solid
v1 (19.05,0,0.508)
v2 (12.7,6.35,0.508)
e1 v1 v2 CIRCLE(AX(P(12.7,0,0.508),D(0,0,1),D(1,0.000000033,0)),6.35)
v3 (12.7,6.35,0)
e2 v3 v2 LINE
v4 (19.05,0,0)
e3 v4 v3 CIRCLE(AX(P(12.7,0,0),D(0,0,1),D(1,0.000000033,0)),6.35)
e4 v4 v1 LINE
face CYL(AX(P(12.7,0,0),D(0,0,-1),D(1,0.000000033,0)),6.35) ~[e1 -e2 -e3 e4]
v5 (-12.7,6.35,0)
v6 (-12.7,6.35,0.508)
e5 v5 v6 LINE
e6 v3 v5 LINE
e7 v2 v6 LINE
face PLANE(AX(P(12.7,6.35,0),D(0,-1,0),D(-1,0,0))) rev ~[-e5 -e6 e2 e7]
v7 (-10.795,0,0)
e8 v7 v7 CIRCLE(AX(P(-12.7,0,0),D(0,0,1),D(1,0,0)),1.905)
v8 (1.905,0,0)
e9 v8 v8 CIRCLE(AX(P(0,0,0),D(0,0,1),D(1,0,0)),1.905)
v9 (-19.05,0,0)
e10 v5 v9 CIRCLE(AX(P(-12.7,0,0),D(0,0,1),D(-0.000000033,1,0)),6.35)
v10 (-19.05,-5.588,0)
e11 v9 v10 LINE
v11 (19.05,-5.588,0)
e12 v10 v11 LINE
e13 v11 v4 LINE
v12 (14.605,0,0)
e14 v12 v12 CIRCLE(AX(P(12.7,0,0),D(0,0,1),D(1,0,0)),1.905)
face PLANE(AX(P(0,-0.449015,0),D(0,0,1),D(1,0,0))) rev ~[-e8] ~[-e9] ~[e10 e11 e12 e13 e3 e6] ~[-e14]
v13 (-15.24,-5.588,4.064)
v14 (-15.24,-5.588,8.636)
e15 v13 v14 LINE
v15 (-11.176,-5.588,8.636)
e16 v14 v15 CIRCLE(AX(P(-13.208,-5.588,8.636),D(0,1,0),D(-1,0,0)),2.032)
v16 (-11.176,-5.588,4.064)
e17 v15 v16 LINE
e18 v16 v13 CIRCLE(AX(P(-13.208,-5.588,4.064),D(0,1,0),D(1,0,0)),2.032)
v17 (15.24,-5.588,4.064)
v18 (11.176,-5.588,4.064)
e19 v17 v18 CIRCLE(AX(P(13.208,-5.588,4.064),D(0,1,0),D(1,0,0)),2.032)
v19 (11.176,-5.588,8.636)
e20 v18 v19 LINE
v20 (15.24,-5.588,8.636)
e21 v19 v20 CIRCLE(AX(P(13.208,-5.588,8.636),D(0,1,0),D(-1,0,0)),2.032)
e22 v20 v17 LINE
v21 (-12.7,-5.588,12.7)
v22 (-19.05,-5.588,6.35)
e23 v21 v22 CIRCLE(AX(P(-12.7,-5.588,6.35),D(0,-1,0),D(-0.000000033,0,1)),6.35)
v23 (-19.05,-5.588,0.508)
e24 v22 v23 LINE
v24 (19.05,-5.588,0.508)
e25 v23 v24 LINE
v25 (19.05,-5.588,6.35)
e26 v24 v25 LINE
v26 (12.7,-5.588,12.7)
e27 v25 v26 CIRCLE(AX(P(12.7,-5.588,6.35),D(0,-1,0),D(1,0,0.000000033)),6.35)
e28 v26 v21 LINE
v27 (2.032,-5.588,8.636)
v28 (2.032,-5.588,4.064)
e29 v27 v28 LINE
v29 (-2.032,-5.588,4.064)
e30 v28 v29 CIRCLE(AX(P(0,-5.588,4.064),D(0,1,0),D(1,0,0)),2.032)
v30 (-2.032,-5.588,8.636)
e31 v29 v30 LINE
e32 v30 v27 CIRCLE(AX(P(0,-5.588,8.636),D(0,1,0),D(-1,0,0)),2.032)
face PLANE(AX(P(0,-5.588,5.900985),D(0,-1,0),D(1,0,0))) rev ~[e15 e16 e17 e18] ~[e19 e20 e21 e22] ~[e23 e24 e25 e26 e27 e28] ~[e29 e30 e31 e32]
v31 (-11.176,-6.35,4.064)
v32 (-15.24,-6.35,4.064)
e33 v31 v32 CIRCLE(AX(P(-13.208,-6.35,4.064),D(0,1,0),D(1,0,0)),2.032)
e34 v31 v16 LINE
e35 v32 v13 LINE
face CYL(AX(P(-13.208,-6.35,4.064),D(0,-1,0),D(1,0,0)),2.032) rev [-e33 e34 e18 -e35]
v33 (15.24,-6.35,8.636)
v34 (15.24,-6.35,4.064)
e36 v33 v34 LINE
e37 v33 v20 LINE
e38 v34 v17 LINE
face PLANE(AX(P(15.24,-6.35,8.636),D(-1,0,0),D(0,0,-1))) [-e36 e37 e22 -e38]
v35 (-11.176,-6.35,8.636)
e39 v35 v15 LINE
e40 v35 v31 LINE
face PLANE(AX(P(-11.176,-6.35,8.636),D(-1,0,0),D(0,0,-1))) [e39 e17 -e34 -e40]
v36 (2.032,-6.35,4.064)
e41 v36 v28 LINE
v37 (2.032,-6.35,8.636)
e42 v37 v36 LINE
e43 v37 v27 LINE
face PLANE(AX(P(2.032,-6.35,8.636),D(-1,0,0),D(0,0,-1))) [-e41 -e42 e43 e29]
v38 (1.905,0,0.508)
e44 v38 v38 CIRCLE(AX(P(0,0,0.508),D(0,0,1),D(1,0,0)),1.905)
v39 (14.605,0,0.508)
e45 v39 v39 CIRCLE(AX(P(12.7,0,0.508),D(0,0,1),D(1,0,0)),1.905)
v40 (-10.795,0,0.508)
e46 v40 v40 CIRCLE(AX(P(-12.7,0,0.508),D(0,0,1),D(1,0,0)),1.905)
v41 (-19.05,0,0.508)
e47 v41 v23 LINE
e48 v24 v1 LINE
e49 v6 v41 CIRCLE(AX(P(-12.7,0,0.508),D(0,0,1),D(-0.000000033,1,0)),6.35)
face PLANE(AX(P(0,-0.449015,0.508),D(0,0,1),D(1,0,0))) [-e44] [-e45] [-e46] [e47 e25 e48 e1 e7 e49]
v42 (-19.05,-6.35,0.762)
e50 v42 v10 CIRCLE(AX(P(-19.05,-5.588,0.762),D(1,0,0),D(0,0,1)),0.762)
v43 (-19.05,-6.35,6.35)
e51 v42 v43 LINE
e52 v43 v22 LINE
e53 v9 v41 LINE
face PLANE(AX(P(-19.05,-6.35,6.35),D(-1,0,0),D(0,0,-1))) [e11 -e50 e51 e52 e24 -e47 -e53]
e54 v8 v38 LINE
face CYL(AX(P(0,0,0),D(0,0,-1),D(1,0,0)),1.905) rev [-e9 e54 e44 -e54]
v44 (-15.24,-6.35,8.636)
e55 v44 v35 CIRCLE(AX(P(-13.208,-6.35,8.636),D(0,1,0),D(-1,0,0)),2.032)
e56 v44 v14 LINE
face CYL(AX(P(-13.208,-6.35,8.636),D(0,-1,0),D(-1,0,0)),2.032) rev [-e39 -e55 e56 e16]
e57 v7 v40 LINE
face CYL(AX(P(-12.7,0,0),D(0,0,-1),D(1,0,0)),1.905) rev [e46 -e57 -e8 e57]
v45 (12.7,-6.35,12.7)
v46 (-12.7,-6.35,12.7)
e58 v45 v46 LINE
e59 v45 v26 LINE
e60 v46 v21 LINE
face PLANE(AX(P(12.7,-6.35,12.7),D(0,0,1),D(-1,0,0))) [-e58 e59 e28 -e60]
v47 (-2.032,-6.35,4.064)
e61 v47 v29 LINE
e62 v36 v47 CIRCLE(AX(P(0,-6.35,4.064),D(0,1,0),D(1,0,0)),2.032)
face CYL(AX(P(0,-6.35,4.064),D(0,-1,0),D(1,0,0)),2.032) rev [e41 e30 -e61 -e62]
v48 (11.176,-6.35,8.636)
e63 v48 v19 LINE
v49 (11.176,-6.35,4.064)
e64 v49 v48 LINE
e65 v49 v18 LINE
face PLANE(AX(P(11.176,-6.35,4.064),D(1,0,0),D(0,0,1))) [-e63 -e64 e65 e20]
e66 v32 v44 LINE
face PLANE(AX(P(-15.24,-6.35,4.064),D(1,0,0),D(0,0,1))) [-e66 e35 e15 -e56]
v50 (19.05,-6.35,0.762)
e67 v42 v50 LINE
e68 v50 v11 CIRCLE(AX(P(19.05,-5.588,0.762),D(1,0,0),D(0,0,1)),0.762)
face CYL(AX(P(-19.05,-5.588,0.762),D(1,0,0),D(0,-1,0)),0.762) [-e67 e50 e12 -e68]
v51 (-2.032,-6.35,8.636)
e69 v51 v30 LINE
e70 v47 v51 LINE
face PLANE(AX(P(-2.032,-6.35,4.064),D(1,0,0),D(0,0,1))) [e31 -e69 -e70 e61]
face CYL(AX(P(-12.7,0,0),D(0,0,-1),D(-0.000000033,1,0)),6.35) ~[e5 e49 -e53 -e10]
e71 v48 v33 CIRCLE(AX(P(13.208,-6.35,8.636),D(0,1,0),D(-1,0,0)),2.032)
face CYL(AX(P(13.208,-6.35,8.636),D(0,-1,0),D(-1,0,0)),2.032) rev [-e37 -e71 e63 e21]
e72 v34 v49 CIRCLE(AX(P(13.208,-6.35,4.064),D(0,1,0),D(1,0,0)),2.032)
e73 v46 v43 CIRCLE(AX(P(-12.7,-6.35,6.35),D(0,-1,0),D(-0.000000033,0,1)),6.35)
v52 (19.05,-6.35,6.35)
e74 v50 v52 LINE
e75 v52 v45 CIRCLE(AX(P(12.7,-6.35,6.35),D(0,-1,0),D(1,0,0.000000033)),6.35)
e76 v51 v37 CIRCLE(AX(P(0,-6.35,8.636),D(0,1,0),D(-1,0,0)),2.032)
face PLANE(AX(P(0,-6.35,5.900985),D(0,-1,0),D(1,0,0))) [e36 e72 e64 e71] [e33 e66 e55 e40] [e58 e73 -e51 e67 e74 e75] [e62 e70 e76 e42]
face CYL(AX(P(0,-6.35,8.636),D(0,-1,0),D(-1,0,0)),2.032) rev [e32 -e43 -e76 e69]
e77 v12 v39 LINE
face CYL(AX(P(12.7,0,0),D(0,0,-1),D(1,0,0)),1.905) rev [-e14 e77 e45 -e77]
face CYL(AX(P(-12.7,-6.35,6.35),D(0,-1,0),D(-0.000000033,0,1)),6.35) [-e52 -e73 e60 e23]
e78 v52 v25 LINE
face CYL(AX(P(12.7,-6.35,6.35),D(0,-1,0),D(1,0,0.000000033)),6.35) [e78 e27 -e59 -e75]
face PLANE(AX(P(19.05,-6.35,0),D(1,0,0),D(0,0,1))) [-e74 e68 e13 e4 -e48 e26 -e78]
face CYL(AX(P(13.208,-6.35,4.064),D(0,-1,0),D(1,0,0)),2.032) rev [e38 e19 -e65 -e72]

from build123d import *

# Parameters (mm, degrees)
F1_R     = 1.905
F2_DEPTH = 0.508
F8_DEPTH = 0.762
F9_R     = 0.762


with BuildPart() as f2:
    # F1 (on Top) → F2 (new body)
    with BuildSketch(Plane.XY):
        with BuildLine():
            ThreePointArc((19.05, 0), (17.190128, 4.490128), (12.7, 6.35))
            Line((12.7, 6.35), (-12.7, 6.35))
            ThreePointArc((-12.7, 6.35), (-17.190128, 4.490128), (-19.05, 0))
            Line((-19.05, 0), (-19.05, -6.35))
            Line((-19.05, -6.35), (19.05, -6.35))
            Line((19.05, -6.35), (19.05, 0))
        make_face()
        with Locations((-12.7, 0)):
            Circle(F1_R, mode=Mode.SUBTRACT)
        Circle(F1_R, mode=Mode.SUBTRACT)
        with Locations((12.7, 0)):
            Circle(F1_R, mode=Mode.SUBTRACT)
    extrude(amount=F2_DEPTH)

    # F7 (on offset) → F8 (join)
    with BuildSketch(Plane.XZ.offset(6.35)):
        with BuildLine():
            Line((-19.05, 6.35), (-19.05, 0))
            Line((-19.05, 0), (19.05, 0))
            Line((19.05, 0), (19.05, 6.35))
            ThreePointArc((19.05, 6.35), (17.190128, 10.840128), (12.7, 12.7))
            Line((12.7, 12.7), (-12.7, 12.7))
            ThreePointArc((-12.7, 12.7), (-17.190128, 10.840128), (-19.05, 6.35))
        make_face()
        with BuildLine():
            Line((-11.176, 8.636), (-11.176, 4.064))
            ThreePointArc((-11.176, 4.064), (-13.208, 2.032), (-15.24, 4.064))
            Line((-15.24, 4.064), (-15.24, 8.636))
            ThreePointArc((-15.24, 8.636), (-13.208, 10.668), (-11.176, 8.636))
        make_face(mode=Mode.SUBTRACT)
        with BuildLine():
            Line((-2.032, 4.064), (-2.032, 8.636))
            ThreePointArc((-2.032, 8.636), (0, 10.668), (2.032, 8.636))
            Line((2.032, 8.636), (2.032, 4.064))
            ThreePointArc((2.032, 4.064), (0, 2.032), (-2.032, 4.064))
        make_face(mode=Mode.SUBTRACT)
        with BuildLine():
            Line((15.24, 8.636), (15.24, 4.064))
            ThreePointArc((15.24, 4.064), (13.208, 2.032), (11.176, 4.064))
            Line((11.176, 4.064), (11.176, 8.636))
            ThreePointArc((11.176, 8.636), (13.208, 10.668), (15.24, 8.636))
        make_face(mode=Mode.SUBTRACT)
    extrude(amount=-F8_DEPTH)

    # F9
    f9_edges = [f2.edges().sort_by_distance(p)[0] for p in [
        (0, -6.35, 0),
    ]]
    fillet(f9_edges, radius=F9_R)


solid = f2.part
